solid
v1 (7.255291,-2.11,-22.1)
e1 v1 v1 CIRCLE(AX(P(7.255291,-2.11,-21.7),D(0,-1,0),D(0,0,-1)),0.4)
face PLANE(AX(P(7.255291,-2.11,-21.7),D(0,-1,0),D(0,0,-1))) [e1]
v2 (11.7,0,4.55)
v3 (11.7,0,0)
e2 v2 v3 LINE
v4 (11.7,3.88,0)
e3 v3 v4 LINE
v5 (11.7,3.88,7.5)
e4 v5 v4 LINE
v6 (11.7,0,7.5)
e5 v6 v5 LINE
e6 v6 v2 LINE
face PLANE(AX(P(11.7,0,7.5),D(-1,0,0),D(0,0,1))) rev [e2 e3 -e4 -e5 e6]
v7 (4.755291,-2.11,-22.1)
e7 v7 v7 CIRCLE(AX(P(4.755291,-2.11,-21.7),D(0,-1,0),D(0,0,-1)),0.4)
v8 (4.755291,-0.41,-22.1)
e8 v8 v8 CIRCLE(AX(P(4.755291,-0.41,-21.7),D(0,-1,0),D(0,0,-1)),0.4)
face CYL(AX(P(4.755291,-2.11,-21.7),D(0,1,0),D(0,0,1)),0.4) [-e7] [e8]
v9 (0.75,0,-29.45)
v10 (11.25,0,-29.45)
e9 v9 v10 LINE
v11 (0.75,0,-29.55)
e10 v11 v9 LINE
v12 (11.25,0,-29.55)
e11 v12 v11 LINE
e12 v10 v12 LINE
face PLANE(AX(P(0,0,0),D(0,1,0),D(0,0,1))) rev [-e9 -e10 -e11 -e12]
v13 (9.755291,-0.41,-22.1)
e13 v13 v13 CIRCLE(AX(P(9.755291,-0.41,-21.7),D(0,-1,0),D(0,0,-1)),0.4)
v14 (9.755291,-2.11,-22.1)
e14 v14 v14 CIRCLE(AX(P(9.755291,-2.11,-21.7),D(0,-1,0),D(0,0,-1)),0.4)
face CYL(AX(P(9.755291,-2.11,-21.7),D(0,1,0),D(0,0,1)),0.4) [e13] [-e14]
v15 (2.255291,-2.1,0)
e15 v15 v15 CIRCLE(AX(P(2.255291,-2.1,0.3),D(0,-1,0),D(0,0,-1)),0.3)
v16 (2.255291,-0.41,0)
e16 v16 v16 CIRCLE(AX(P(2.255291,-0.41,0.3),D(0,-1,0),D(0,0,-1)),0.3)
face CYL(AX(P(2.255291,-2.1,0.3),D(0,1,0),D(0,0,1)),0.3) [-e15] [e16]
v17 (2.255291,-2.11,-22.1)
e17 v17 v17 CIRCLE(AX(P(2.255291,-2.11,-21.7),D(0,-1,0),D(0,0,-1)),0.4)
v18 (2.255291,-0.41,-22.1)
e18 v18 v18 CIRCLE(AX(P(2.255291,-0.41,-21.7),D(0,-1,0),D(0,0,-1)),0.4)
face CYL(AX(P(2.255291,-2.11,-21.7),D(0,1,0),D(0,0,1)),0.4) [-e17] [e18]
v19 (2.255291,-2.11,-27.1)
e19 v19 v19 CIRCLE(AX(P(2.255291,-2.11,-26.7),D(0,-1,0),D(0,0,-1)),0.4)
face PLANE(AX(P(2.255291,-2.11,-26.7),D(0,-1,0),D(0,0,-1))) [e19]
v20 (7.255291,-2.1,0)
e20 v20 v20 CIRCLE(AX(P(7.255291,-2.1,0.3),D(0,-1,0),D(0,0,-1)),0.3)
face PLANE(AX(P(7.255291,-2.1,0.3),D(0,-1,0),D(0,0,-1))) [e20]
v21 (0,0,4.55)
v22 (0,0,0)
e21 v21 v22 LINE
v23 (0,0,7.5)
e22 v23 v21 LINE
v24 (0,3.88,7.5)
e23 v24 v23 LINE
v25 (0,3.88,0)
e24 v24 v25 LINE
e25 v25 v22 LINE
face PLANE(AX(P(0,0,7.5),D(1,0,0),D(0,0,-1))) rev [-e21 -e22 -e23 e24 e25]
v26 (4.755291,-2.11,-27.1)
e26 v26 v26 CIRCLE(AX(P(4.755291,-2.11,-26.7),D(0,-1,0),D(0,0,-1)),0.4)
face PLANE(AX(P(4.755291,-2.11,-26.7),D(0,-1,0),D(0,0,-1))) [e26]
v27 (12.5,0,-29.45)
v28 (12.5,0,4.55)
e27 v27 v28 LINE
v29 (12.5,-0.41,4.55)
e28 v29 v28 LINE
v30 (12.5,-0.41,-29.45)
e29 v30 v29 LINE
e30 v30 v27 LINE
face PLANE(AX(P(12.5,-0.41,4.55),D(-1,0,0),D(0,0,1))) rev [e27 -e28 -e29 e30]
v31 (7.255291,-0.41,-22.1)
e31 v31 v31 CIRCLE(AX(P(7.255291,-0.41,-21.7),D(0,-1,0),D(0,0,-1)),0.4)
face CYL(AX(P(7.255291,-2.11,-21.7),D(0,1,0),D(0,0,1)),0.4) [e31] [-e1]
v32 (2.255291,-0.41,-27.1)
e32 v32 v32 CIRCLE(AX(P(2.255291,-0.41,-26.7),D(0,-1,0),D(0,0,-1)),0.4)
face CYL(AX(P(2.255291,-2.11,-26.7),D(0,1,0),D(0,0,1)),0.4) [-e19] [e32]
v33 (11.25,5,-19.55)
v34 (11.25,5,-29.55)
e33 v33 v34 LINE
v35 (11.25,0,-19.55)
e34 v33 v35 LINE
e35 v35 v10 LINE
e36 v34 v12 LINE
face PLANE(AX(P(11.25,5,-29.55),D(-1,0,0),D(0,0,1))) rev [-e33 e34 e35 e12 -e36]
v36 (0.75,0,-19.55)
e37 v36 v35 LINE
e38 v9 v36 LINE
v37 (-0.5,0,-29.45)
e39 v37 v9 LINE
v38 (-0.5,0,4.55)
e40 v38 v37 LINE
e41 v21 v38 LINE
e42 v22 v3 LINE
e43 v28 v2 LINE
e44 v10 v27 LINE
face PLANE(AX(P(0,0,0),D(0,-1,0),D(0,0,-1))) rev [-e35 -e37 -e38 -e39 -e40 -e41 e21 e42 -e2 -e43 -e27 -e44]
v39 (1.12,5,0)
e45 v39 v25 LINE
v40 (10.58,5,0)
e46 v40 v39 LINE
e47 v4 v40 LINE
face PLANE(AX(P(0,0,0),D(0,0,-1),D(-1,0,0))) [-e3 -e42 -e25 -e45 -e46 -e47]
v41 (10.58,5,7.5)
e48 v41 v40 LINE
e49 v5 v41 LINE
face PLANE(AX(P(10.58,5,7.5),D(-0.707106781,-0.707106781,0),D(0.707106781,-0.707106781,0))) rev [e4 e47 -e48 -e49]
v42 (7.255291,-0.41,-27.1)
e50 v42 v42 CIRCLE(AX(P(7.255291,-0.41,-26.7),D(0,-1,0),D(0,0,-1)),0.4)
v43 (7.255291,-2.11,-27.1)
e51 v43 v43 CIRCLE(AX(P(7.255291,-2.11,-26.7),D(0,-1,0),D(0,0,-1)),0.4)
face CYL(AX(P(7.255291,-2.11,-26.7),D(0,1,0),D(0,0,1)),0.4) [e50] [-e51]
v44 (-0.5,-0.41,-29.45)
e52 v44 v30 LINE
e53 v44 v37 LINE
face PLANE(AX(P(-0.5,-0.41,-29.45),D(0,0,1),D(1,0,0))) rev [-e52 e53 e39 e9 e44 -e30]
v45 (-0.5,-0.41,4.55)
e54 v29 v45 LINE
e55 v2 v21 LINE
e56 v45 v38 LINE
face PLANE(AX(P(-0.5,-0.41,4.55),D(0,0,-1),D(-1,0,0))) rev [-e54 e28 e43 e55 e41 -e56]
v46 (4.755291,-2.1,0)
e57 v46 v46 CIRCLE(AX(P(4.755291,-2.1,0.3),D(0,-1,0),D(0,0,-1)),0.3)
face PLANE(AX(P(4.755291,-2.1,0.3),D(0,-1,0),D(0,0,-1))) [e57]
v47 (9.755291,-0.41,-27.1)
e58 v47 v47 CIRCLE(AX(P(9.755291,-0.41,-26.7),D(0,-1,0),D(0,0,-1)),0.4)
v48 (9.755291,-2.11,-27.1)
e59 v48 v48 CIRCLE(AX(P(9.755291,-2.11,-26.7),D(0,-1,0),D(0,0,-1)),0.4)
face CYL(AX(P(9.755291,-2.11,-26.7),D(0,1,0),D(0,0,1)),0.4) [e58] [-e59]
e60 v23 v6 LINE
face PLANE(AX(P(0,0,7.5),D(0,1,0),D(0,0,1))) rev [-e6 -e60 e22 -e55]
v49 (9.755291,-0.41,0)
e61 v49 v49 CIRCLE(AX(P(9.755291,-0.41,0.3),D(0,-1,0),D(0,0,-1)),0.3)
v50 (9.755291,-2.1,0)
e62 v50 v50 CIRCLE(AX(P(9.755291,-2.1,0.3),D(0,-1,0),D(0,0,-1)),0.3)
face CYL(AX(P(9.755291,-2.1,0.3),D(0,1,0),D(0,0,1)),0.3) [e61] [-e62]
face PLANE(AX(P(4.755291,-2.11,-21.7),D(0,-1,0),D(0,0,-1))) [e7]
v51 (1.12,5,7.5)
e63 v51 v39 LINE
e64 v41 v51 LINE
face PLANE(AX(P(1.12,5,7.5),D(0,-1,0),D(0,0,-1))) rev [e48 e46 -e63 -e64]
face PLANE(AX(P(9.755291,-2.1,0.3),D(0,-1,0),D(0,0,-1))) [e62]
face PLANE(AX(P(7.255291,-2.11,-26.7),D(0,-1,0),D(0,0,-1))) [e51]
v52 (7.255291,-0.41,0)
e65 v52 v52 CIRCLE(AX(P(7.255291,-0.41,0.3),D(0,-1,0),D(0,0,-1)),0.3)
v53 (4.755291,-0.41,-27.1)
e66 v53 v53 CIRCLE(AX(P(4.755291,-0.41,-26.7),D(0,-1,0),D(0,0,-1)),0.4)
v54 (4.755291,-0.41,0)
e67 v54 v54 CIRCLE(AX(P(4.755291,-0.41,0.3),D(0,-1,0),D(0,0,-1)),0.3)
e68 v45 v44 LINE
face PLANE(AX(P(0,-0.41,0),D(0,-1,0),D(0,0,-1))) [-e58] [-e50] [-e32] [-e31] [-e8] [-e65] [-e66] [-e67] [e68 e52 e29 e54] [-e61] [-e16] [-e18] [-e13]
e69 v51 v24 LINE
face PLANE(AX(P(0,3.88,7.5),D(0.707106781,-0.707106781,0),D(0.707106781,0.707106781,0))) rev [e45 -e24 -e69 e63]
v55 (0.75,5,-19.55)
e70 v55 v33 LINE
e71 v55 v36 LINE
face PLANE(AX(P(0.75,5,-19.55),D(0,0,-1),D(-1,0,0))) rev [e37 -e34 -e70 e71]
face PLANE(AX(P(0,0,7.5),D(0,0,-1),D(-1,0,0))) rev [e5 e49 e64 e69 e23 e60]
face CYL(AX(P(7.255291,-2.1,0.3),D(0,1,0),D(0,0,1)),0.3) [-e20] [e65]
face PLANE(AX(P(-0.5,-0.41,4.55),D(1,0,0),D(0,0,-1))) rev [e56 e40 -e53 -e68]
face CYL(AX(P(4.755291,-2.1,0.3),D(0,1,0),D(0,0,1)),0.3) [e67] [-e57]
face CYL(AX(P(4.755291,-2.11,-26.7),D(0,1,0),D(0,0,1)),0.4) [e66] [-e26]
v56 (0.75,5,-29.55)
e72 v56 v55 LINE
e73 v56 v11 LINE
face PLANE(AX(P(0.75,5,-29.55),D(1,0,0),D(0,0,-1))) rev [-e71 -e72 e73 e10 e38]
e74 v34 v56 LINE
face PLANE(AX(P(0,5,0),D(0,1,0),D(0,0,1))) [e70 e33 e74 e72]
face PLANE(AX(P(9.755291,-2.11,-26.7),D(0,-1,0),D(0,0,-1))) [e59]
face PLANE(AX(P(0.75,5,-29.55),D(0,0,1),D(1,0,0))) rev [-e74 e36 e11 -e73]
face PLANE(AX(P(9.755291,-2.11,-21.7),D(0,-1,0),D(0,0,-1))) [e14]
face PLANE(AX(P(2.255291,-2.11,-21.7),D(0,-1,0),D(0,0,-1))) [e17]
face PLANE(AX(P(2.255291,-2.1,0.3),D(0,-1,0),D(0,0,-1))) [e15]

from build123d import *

# Parameters (mm, degrees)
DODANIE_WYCI_GNI_CIE1_DEPTH = 7.5
SZKIC2_W                    = 13
SZKIC2_H                    = 34
DODANIE_WYCI_GNI_CIE2_DEPTH = 0.41
SZKIC3_R                    = 0.3
DODANIE_WYCI_GNI_CIE3_DEPTH = 1.69
SZKIC4_W                    = 10.5
SZKIC4_H                    = 10
DODANIE_WYCI_GNI_CIE4_DEPTH = 5
SZKIC6_R                    = 0.4
DODANIE_WYCI_GNI_CIE5_DEPTH = 1.7


with BuildPart() as part:
    # Szkic1 → Dodanie-wyciągnięcie1 (new body)
    with BuildSketch(Plane.XY):
        Polygon((10.58, 5), (11.7, 3.88), (11.7, 0), (0, 0), (0, 3.88), (1.12, 5), align=None)
    extrude(amount=DODANIE_WYCI_GNI_CIE1_DEPTH)

    # Szkic2 → Dodanie-wyciągnięcie2 (add)
    with BuildSketch(Plane.XZ):
        with Locations((6, -12.45)):
            Rectangle(SZKIC2_W, SZKIC2_H)
    extrude(amount=DODANIE_WYCI_GNI_CIE2_DEPTH)

    # Szkic3 → Dodanie-wyciągnięcie3 (add)
    with BuildSketch(Plane.XZ.offset(0.41)):
        with Locations(Location((2.255290514, 0.3, 0), (0, 0, 270))):
            Circle(SZKIC3_R)
        with Locations(Location((4.755290514, 0.3, 0), (0, 0, 270))):
            Circle(SZKIC3_R)
        with Locations(Location((7.255290514, 0.3, 0), (0, 0, 270))):
            Circle(SZKIC3_R)
        with Locations(Location((9.755290514, 0.3, 0), (0, 0, 270))):
            Circle(SZKIC3_R)
    extrude(amount=DODANIE_WYCI_GNI_CIE3_DEPTH)

    # Szkic4 → Dodanie-wyciągnięcie4 (add)
    with BuildSketch(Plane(origin=(0, 0, 0), x_dir=(1, 0, 0), z_dir=(0, 1, 0))):
        with Locations((6, 24.55)):
            Rectangle(SZKIC4_W, SZKIC4_H)
    extrude(amount=DODANIE_WYCI_GNI_CIE4_DEPTH)

    # Szkic6 → Dodanie-wyciągnięcie5 (add)
    with BuildSketch(Plane.XZ.offset(0.41)):
        with Locations(Location((2.255290514, -26.7, 0), (0, 0, 270))):
            Circle(SZKIC6_R)
        with Locations(Location((4.755290514, -26.7, 0), (0, 0, 270))):
            Circle(SZKIC6_R)
        with Locations(Location((7.255290514, -26.7, 0), (0, 0, 270))):
            Circle(SZKIC6_R)
        with Locations(Location((9.755290514, -26.7, 0), (0, 0, 270))):
            Circle(SZKIC6_R)
        with Locations(Location((4.755290514, -21.7, 0), (0, 0, 270))):
            Circle(SZKIC6_R)
        with Locations(Location((7.255290514, -21.7, 0), (0, 0, 270))):
            Circle(SZKIC6_R)
        with Locations(Location((9.755290514, -21.7, 0), (0, 0, 270))):
            Circle(SZKIC6_R)
        with Locations(Location((2.255290514, -21.7, 0), (0, 0, 270))):
            Circle(SZKIC6_R)
    extrude(amount=DODANIE_WYCI_GNI_CIE5_DEPTH)


solid = part.part
